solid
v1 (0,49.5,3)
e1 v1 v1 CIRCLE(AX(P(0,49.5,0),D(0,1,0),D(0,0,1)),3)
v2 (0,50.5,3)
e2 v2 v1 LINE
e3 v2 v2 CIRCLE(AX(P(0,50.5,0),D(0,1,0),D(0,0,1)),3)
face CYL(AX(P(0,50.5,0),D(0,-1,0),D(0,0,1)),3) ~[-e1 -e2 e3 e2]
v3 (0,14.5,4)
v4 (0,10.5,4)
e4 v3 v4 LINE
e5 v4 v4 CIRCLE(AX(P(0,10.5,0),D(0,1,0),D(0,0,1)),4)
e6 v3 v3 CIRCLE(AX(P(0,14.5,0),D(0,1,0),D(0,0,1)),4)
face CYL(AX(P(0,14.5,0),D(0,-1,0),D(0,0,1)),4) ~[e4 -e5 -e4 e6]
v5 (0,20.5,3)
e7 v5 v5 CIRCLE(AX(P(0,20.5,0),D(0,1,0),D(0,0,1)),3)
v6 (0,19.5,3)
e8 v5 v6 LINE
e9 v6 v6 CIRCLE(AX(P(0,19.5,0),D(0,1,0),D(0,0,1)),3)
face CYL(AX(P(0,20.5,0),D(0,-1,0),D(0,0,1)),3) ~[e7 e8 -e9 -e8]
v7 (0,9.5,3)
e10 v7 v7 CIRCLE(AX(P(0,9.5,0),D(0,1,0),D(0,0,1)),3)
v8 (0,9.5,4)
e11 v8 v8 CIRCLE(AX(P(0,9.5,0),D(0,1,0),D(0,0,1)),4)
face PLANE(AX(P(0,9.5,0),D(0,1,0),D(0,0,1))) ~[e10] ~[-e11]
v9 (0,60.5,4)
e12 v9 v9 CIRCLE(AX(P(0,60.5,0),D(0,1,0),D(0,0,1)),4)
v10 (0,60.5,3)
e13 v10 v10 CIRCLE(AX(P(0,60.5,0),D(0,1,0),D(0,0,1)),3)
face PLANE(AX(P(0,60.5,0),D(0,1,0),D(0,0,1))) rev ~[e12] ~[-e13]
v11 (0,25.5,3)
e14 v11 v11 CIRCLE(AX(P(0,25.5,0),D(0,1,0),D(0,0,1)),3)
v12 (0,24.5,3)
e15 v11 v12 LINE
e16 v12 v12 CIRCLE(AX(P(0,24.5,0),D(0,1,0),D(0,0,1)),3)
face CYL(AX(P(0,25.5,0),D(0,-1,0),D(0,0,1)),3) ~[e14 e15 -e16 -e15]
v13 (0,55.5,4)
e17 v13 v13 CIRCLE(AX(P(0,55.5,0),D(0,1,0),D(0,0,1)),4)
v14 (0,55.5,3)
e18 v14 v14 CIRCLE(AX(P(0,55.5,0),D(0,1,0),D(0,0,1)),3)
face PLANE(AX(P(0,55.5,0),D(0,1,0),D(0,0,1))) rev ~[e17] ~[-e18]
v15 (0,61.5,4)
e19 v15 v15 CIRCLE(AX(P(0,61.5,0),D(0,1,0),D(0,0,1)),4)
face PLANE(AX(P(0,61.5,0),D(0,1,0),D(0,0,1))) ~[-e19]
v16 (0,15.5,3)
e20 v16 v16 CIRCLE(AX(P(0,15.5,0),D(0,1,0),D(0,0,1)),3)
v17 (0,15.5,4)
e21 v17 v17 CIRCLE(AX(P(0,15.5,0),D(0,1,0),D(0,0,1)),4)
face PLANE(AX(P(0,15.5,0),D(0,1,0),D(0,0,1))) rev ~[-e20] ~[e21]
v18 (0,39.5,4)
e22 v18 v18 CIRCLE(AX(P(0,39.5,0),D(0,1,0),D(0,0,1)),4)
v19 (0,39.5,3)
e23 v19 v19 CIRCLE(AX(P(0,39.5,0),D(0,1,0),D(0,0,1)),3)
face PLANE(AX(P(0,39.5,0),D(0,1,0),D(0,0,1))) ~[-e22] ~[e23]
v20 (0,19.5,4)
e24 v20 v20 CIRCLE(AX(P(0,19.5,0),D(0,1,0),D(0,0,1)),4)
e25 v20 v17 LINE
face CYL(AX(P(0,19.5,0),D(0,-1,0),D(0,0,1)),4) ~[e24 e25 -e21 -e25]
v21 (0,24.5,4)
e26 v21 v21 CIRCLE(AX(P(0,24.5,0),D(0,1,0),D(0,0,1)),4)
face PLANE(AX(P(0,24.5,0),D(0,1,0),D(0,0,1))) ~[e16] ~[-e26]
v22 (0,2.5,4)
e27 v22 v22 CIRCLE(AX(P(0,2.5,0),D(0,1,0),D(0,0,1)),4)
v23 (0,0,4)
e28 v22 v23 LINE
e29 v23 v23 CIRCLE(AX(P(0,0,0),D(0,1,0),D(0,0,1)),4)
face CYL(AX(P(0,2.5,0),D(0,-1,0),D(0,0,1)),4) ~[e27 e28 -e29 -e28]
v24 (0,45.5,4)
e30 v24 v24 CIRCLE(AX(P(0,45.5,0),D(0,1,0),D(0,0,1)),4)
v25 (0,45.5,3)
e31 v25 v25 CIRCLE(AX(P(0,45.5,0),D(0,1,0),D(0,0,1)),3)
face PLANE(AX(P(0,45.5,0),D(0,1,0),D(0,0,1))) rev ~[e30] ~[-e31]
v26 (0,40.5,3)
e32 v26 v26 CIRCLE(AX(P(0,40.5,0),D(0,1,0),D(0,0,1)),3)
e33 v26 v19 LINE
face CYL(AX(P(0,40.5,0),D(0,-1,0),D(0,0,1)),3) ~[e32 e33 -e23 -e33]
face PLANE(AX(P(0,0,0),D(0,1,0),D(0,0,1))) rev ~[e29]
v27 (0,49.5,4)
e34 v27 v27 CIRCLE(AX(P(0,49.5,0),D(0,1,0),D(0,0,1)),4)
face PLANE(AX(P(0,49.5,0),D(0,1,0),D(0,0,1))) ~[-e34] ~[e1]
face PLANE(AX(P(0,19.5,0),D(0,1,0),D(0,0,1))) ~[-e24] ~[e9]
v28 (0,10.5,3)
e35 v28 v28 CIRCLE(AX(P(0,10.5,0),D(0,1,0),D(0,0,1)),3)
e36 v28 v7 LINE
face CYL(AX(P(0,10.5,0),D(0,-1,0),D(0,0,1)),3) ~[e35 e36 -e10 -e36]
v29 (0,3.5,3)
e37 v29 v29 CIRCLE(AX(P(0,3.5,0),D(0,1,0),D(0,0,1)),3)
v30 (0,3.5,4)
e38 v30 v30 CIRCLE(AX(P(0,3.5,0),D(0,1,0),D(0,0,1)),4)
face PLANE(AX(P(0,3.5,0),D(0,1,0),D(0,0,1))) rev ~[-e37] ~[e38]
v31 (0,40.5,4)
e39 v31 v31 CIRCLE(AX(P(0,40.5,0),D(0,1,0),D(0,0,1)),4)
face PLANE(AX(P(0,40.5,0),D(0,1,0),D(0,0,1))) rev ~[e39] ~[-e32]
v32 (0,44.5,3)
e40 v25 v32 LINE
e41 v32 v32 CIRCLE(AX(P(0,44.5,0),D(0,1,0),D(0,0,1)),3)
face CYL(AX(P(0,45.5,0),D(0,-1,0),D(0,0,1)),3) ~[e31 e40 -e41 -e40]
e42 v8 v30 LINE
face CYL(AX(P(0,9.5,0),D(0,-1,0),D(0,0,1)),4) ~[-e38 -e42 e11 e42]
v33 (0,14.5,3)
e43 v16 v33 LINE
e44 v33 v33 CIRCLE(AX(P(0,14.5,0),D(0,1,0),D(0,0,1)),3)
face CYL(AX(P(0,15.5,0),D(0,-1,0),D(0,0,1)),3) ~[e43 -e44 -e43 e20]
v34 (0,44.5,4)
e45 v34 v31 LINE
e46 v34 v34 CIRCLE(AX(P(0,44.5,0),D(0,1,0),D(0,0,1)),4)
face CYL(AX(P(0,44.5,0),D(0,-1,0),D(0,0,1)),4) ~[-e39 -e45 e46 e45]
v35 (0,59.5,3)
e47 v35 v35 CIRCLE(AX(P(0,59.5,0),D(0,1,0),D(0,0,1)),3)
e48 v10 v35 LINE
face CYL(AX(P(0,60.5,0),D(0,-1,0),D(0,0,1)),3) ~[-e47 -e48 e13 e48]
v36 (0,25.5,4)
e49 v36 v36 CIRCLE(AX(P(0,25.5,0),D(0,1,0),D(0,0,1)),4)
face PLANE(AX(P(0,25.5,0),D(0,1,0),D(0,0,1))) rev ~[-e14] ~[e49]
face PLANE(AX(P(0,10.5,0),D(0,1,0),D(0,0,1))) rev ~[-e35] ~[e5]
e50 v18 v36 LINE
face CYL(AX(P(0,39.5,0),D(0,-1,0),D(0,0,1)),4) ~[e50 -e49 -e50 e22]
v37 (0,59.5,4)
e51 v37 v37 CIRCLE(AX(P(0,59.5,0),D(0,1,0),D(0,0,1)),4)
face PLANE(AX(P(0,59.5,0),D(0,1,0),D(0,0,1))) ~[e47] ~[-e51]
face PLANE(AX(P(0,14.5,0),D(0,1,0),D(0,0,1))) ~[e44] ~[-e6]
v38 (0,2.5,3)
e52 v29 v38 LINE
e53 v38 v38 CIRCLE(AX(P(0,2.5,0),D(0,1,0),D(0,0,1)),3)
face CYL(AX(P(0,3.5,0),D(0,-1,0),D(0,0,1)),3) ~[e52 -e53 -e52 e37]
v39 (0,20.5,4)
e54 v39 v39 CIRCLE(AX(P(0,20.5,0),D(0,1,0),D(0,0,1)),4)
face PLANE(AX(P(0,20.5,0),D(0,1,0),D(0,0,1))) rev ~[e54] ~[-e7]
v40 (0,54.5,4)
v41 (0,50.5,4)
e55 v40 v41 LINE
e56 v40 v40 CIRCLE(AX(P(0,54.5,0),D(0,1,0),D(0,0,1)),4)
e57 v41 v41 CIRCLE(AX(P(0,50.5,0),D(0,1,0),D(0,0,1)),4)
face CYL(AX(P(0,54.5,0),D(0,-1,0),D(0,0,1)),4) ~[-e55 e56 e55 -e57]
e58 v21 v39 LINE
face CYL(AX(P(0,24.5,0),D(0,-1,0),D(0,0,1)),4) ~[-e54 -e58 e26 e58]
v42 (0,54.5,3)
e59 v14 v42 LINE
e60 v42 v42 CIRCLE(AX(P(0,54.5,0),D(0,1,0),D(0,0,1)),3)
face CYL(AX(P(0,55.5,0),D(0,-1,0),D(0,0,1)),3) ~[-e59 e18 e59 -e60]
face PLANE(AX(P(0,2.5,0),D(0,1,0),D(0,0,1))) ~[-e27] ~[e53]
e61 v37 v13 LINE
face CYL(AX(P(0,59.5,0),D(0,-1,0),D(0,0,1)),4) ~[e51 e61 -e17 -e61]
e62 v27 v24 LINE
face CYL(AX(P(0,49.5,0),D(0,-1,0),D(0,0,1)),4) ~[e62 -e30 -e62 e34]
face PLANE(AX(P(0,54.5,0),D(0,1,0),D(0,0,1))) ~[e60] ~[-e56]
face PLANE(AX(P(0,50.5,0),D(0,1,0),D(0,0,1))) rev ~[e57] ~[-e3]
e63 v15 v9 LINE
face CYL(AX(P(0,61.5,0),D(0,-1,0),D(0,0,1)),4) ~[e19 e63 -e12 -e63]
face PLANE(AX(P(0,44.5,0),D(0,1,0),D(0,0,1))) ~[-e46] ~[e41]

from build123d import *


with BuildPart() as f2:
    # F0 (on Right) → F2 (revolve)
    with BuildSketch(Plane.YZ):
        Polygon((0, 4), (0, 0), (61.5, 0), (61.5, 4), (60.5, 4), (60.5, 3), (59.5, 3), (59.5, 4), (55.5, 4), (55.5, 3), (54.5, 3), (54.5, 4), (50.5, 4), (50.5, 3), (49.5, 3), (49.5, 4), (45.5, 4), (45.5, 3), (44.5, 3), (44.5, 4), (40.5, 4), (40.5, 3), (39.5, 3), (39.5, 4), (25.5, 4), (25.5, 3), (24.5, 3), (24.5, 4), (20.5, 4), (20.5, 3), (19.5, 3), (19.5, 4), (15.5, 4), (15.5, 3), (14.5, 3), (14.5, 4), (10.5, 4), (10.5, 3), (9.5, 3), (9.5, 4), (3.5, 4), (3.5, 3), (2.5, 3), (2.5, 4), align=None)
    revolve(axis=Axis((0, 17.771684, 0), (0, 1, 0)))


solid = f2.part
